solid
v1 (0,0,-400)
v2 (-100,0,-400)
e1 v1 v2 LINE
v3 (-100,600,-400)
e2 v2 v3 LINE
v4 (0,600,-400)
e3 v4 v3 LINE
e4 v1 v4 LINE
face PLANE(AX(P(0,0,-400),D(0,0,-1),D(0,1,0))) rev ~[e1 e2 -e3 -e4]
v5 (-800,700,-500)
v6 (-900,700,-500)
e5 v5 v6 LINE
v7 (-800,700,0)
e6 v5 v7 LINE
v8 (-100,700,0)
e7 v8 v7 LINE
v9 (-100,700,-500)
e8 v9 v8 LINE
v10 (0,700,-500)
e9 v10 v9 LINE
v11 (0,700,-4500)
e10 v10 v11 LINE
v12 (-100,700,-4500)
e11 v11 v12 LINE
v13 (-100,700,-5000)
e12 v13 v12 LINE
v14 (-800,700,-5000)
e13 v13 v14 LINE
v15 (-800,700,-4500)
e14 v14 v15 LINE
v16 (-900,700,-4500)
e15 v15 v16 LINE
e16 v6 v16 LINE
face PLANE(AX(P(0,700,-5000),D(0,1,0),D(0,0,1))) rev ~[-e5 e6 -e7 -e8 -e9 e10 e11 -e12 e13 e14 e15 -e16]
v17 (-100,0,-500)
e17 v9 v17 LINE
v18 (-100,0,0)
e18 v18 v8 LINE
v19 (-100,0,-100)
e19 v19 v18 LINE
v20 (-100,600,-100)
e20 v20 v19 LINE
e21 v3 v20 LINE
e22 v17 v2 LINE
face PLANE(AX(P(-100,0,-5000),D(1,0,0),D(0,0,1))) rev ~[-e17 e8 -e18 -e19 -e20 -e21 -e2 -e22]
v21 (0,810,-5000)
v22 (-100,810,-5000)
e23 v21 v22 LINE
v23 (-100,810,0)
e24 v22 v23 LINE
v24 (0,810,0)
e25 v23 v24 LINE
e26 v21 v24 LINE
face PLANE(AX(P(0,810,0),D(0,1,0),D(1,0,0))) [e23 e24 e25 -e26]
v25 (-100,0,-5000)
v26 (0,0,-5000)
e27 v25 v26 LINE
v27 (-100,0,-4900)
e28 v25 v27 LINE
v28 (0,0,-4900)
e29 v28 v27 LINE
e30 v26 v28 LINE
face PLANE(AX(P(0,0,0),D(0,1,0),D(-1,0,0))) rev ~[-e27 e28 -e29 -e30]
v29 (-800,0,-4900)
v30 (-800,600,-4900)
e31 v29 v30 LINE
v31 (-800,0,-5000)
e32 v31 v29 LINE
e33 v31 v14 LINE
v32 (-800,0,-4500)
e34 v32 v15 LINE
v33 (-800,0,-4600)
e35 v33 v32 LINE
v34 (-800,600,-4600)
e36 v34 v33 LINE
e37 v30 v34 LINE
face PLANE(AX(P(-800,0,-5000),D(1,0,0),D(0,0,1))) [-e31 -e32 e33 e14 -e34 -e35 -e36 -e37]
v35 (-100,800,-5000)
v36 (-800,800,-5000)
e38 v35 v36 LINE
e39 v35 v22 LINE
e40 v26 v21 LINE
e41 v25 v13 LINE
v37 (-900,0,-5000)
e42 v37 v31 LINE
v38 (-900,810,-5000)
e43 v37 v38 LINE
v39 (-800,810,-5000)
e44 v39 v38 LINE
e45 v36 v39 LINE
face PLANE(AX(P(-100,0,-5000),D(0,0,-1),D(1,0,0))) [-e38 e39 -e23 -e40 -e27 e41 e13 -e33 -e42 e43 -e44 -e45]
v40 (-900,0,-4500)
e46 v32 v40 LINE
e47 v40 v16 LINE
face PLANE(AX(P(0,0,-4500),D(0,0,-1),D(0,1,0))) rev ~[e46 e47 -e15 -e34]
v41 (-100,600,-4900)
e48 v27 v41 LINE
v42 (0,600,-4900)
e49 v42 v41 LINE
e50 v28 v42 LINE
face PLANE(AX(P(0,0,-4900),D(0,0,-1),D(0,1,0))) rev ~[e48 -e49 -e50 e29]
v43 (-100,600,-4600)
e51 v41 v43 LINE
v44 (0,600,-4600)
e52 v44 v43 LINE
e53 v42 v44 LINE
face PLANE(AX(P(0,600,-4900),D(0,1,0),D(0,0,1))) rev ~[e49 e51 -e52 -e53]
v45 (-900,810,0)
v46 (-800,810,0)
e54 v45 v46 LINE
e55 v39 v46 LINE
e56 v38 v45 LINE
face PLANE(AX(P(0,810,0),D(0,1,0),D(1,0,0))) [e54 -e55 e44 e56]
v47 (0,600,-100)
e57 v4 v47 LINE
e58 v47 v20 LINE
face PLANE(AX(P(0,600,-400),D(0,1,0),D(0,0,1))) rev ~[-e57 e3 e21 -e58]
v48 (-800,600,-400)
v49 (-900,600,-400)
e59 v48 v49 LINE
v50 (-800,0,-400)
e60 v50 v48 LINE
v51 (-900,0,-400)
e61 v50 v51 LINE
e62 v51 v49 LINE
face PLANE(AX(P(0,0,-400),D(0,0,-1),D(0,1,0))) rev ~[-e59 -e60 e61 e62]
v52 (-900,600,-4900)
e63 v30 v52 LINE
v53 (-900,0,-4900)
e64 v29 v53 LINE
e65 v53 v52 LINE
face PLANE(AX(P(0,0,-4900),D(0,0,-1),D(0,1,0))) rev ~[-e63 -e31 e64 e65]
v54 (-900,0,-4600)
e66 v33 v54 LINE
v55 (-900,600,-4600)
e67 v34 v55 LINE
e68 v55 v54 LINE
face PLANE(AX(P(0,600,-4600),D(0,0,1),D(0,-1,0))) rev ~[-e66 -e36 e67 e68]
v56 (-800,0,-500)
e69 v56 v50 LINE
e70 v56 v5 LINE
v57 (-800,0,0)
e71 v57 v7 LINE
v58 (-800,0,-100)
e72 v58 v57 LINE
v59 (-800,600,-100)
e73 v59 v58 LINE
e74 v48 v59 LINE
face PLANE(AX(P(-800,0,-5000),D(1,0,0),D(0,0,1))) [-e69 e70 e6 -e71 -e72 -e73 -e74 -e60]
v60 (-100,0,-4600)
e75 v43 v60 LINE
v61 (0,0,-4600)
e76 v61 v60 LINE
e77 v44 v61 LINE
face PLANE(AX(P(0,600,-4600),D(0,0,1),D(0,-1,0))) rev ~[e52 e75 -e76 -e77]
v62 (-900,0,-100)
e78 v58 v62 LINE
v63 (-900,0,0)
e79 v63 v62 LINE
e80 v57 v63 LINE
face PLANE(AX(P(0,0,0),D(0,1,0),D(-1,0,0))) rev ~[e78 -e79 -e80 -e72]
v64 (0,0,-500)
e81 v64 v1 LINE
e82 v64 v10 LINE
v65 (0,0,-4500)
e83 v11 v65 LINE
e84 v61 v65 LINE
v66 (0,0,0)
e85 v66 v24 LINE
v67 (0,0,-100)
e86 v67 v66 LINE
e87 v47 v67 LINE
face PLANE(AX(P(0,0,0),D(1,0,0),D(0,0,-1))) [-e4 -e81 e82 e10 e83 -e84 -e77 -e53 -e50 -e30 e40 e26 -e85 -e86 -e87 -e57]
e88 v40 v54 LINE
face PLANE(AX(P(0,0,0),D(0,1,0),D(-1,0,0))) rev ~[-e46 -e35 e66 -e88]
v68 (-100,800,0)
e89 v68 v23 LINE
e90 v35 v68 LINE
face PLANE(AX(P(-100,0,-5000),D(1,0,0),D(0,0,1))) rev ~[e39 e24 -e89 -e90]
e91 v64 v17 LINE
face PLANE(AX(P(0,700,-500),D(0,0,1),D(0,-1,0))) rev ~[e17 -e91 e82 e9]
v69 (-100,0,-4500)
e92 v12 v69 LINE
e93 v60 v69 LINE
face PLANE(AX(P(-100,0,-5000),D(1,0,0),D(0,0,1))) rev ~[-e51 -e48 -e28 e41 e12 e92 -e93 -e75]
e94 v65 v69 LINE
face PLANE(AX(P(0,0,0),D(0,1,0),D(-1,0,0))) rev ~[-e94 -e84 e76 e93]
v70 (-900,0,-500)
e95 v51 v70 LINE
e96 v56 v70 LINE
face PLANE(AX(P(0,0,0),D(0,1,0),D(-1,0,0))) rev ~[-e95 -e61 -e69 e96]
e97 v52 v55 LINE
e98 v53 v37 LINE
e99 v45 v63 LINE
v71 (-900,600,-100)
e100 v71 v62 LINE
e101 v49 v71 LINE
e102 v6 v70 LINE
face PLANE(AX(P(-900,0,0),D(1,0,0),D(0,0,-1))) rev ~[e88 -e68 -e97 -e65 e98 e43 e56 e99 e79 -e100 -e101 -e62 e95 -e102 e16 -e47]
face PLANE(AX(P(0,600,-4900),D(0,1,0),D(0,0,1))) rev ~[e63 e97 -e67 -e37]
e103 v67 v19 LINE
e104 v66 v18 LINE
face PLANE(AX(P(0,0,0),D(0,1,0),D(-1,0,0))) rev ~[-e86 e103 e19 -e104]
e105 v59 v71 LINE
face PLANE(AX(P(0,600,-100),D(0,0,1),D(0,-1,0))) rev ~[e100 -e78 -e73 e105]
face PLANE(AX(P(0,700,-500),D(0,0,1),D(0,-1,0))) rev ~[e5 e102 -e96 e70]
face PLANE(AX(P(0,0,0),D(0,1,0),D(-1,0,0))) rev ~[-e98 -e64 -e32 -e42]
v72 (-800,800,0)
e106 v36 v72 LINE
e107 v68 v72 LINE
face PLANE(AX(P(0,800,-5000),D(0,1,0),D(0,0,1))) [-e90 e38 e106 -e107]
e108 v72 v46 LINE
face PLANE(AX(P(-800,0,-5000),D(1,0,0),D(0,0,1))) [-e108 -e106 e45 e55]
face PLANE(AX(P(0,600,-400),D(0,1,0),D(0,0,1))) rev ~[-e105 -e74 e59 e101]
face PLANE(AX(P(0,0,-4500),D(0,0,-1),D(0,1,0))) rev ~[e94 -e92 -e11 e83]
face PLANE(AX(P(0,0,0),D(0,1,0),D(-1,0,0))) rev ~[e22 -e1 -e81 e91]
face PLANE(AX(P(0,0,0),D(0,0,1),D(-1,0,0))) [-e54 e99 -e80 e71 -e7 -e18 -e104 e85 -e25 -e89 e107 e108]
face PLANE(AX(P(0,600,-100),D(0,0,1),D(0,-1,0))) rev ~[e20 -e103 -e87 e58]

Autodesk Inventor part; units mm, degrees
ref_plane "YZ Plane" through (0, 0, 0) normal (1, 0, 0) x (0, 1, 0)
ref_plane "XZ Plane" through (0, 0, 0) normal (0, 1, 0) x (-1, 0, 0)
ref_plane "XY Plane" through (0, 0, 0) normal (0, 0, 1) x (1, 0, 0)
sketch "Sketch9" plane through (0, 0, 0) normal (0, 1, 0) x (-1, 0, 0)
  line L0 (0, 0) -> (900, 0)
  line L1 (900, 0) -> (900, -5000)
  line L2 (900, -5000) -> (0, -5000)
  line L3 (0, -5000) -> (0, 0)
  line L4 (900, -5000) -> (800, -5000)
  line L5 (800, -5000) -> (800, 0)
  line L6 (800, 0) -> (900, 0)
  line L7 (900, 0) -> (900, -5000)
  line L8 (0, -5000) -> (100, -5000)
  line L9 (100, -5000) -> (100, 0)
  line L10 (100, 0) -> (0, 0)
  line L11 (0, 0) -> (0, -5000)
  dimension "d70" = 900
  dimension "d71" = 100
  dimension "d72" = 100
extrude "Extrusion6" add sketch "Sketch9" along normal blind 1100 contours L0 L9 L2 L3 | L0 L1 L2 L5
sketch "Sketch10" plane through (0, 0, 0) normal (1, 0, 0) x (0, 0, -1)
  line L0 (0, 0) -> (0, 1100) projected
  line L1 (0, 1100) -> (5000, 1100)
  line L2 (5000, 1100) -> (5000, 600)
  line L3 (5000, 600) -> (0, 600)
  line L4 (0, 600) -> (0, 1100)
  line L5 (0, 1100) -> (5000, 1100)
  line L6 (5000, 1100) -> (5000, 700)
  line L7 (5000, 700) -> (0, 700)
  line L8 (0, 700) -> (0, 1100)
  line L9 (0, 1100) -> (5000, 1100)
  line L10 (5000, 1100) -> (5000, 800)
  line L11 (5000, 800) -> (0, 800)
  line L12 (0, 800) -> (0, 1100)
  line L13 (5000, 0) -> (0, 0) projected
  line L14 (0, 0) -> (500, 0)
  line L15 (500, 0) -> (500, 600)
  line L16 (500, 600) -> (0, 600)
  line L17 (0, 600) -> (0, 0)
  line L18 (5000, 0) -> (4500, 0)
  line L19 (4500, 0) -> (4500, 600)
  line L20 (4500, 600) -> (5000, 600)
  line L21 (5000, 600) -> (5000, 0)
  point P0 (0, 800)
  dimension "d83" = 500
  dimension "d84" = 500
  dimension "d85" = 600
  dimension "d86" = 600
extrude "Extrusion7" add sketch "Sketch10" against normal blind 900 contours L0 L11 L2 L7
sketch "Sketch11" plane through (0, 0, 0) normal (1, 0, 0) x (0, 0, -1)
  point P0 (0, 0)
sketch "Sketch12" plane through (0, 0, 0) normal (1, 0, 0) x (0, 0, -1)
  line L0 (0, 0) -> (500, 0)
  line L1 (500, 0) -> (500, 600)
  line L2 (500, 600) -> (0, 600)
  line L3 (0, 600) -> (0, 0)
  line L4 (0, 0) -> (5000, 0) projected
  line L5 (5000, 0) -> (4500, 0)
  line L6 (4500, 0) -> (4500, 600)
  line L7 (4500, 600) -> (5000, 600)
  line L8 (5000, 600) -> (5000, 0)
  line L9 (500, 600) -> (4500, 600)
  dimension "d89" = 500
  dimension "d91" = 600
  dimension "d92" = 500
  dimension "d93" = 600
extrude "Extrusion8" cut sketch "Sketch12" against normal blind 900 contours L1 L9 L6 L4
sketch "Sketch13" plane through (0, 1100, 0) normal (0, 1, 0) x (1, 0, 0)
  line L0 (-900, 5000) -> (-900, 0) projected
  line L1 (0, 4500) -> (0, 5000) projected
  line L2 (-900, 0) -> (0, 0)
  line L3 (0, 0) -> (0, 5000)
  line L4 (0, 5000) -> (-900, 5000)
  line L5 (-900, 5000) -> (-900, 0)
extrude "Extrusion9" cut sketch "Sketch13" against normal blind 290
sketch "Sketch14" plane through (0, 0, 0) normal (1, 0, 0) x (0, 0, -1)
  line L0 (5000, 810) -> (0, 810) projected
  line L1 (0, 0) -> (0, 810) projected
  line L2 (0, 0) -> (500, 0) projected
  line L3 (500, 0) -> (500, 600) projected
  line L4 (500, 600) -> (4500, 600) projected
  line L5 (4500, 600) -> (4500, 0) projected
  line L6 (4500, 0) -> (5000, 0) projected
  line L7 (5000, 0) -> (5000, 810) projected
  line L8 (0, 0) -> (100, 0)
  line L9 (100, 0) -> (500, 0)
  line L10 (500, 0) -> (0, 0) projected
  line L11 (500, 0) -> (400, 0)
  line L12 (100, 0) -> (400, 0)
  line L13 (400, 0) -> (400, 600)
  line L14 (400, 600) -> (100, 600)
  line L15 (100, 600) -> (100, 0)
  line L16 (4500, 0) -> (4600, 0)
  line L17 (5000, 0) -> (4900, 0)
  line L18 (5000, 0) -> (4500, 0) projected
  line L19 (4600, 0) -> (4900, 0)
  line L20 (4900, 0) -> (4900, 600)
  line L21 (4900, 600) -> (4600, 600)
  line L22 (4600, 600) -> (4600, 0)
  line L23 (0, 700) -> (5000, 700) projected
  line L24 (500, 600) -> (4500, 600)
  line L25 (4500, 600) -> (4500, 700)
  line L26 (4500, 700) -> (500, 700)
  line L27 (500, 700) -> (500, 600)
  point P0 (500, 700)
  dimension "d98" = 100
  dimension "d99" = 100
  dimension "d100" = 100
  dimension "d101" = 100
extrude "Extrusion10" cut sketch "Sketch14" against normal through all contours L25 L4 L27 L23 | L6 L22 L21 L20 | L15 L14 L13 L2
properties part number "B_Transportadora_Recta_5m" material "Aluminum 6061"
